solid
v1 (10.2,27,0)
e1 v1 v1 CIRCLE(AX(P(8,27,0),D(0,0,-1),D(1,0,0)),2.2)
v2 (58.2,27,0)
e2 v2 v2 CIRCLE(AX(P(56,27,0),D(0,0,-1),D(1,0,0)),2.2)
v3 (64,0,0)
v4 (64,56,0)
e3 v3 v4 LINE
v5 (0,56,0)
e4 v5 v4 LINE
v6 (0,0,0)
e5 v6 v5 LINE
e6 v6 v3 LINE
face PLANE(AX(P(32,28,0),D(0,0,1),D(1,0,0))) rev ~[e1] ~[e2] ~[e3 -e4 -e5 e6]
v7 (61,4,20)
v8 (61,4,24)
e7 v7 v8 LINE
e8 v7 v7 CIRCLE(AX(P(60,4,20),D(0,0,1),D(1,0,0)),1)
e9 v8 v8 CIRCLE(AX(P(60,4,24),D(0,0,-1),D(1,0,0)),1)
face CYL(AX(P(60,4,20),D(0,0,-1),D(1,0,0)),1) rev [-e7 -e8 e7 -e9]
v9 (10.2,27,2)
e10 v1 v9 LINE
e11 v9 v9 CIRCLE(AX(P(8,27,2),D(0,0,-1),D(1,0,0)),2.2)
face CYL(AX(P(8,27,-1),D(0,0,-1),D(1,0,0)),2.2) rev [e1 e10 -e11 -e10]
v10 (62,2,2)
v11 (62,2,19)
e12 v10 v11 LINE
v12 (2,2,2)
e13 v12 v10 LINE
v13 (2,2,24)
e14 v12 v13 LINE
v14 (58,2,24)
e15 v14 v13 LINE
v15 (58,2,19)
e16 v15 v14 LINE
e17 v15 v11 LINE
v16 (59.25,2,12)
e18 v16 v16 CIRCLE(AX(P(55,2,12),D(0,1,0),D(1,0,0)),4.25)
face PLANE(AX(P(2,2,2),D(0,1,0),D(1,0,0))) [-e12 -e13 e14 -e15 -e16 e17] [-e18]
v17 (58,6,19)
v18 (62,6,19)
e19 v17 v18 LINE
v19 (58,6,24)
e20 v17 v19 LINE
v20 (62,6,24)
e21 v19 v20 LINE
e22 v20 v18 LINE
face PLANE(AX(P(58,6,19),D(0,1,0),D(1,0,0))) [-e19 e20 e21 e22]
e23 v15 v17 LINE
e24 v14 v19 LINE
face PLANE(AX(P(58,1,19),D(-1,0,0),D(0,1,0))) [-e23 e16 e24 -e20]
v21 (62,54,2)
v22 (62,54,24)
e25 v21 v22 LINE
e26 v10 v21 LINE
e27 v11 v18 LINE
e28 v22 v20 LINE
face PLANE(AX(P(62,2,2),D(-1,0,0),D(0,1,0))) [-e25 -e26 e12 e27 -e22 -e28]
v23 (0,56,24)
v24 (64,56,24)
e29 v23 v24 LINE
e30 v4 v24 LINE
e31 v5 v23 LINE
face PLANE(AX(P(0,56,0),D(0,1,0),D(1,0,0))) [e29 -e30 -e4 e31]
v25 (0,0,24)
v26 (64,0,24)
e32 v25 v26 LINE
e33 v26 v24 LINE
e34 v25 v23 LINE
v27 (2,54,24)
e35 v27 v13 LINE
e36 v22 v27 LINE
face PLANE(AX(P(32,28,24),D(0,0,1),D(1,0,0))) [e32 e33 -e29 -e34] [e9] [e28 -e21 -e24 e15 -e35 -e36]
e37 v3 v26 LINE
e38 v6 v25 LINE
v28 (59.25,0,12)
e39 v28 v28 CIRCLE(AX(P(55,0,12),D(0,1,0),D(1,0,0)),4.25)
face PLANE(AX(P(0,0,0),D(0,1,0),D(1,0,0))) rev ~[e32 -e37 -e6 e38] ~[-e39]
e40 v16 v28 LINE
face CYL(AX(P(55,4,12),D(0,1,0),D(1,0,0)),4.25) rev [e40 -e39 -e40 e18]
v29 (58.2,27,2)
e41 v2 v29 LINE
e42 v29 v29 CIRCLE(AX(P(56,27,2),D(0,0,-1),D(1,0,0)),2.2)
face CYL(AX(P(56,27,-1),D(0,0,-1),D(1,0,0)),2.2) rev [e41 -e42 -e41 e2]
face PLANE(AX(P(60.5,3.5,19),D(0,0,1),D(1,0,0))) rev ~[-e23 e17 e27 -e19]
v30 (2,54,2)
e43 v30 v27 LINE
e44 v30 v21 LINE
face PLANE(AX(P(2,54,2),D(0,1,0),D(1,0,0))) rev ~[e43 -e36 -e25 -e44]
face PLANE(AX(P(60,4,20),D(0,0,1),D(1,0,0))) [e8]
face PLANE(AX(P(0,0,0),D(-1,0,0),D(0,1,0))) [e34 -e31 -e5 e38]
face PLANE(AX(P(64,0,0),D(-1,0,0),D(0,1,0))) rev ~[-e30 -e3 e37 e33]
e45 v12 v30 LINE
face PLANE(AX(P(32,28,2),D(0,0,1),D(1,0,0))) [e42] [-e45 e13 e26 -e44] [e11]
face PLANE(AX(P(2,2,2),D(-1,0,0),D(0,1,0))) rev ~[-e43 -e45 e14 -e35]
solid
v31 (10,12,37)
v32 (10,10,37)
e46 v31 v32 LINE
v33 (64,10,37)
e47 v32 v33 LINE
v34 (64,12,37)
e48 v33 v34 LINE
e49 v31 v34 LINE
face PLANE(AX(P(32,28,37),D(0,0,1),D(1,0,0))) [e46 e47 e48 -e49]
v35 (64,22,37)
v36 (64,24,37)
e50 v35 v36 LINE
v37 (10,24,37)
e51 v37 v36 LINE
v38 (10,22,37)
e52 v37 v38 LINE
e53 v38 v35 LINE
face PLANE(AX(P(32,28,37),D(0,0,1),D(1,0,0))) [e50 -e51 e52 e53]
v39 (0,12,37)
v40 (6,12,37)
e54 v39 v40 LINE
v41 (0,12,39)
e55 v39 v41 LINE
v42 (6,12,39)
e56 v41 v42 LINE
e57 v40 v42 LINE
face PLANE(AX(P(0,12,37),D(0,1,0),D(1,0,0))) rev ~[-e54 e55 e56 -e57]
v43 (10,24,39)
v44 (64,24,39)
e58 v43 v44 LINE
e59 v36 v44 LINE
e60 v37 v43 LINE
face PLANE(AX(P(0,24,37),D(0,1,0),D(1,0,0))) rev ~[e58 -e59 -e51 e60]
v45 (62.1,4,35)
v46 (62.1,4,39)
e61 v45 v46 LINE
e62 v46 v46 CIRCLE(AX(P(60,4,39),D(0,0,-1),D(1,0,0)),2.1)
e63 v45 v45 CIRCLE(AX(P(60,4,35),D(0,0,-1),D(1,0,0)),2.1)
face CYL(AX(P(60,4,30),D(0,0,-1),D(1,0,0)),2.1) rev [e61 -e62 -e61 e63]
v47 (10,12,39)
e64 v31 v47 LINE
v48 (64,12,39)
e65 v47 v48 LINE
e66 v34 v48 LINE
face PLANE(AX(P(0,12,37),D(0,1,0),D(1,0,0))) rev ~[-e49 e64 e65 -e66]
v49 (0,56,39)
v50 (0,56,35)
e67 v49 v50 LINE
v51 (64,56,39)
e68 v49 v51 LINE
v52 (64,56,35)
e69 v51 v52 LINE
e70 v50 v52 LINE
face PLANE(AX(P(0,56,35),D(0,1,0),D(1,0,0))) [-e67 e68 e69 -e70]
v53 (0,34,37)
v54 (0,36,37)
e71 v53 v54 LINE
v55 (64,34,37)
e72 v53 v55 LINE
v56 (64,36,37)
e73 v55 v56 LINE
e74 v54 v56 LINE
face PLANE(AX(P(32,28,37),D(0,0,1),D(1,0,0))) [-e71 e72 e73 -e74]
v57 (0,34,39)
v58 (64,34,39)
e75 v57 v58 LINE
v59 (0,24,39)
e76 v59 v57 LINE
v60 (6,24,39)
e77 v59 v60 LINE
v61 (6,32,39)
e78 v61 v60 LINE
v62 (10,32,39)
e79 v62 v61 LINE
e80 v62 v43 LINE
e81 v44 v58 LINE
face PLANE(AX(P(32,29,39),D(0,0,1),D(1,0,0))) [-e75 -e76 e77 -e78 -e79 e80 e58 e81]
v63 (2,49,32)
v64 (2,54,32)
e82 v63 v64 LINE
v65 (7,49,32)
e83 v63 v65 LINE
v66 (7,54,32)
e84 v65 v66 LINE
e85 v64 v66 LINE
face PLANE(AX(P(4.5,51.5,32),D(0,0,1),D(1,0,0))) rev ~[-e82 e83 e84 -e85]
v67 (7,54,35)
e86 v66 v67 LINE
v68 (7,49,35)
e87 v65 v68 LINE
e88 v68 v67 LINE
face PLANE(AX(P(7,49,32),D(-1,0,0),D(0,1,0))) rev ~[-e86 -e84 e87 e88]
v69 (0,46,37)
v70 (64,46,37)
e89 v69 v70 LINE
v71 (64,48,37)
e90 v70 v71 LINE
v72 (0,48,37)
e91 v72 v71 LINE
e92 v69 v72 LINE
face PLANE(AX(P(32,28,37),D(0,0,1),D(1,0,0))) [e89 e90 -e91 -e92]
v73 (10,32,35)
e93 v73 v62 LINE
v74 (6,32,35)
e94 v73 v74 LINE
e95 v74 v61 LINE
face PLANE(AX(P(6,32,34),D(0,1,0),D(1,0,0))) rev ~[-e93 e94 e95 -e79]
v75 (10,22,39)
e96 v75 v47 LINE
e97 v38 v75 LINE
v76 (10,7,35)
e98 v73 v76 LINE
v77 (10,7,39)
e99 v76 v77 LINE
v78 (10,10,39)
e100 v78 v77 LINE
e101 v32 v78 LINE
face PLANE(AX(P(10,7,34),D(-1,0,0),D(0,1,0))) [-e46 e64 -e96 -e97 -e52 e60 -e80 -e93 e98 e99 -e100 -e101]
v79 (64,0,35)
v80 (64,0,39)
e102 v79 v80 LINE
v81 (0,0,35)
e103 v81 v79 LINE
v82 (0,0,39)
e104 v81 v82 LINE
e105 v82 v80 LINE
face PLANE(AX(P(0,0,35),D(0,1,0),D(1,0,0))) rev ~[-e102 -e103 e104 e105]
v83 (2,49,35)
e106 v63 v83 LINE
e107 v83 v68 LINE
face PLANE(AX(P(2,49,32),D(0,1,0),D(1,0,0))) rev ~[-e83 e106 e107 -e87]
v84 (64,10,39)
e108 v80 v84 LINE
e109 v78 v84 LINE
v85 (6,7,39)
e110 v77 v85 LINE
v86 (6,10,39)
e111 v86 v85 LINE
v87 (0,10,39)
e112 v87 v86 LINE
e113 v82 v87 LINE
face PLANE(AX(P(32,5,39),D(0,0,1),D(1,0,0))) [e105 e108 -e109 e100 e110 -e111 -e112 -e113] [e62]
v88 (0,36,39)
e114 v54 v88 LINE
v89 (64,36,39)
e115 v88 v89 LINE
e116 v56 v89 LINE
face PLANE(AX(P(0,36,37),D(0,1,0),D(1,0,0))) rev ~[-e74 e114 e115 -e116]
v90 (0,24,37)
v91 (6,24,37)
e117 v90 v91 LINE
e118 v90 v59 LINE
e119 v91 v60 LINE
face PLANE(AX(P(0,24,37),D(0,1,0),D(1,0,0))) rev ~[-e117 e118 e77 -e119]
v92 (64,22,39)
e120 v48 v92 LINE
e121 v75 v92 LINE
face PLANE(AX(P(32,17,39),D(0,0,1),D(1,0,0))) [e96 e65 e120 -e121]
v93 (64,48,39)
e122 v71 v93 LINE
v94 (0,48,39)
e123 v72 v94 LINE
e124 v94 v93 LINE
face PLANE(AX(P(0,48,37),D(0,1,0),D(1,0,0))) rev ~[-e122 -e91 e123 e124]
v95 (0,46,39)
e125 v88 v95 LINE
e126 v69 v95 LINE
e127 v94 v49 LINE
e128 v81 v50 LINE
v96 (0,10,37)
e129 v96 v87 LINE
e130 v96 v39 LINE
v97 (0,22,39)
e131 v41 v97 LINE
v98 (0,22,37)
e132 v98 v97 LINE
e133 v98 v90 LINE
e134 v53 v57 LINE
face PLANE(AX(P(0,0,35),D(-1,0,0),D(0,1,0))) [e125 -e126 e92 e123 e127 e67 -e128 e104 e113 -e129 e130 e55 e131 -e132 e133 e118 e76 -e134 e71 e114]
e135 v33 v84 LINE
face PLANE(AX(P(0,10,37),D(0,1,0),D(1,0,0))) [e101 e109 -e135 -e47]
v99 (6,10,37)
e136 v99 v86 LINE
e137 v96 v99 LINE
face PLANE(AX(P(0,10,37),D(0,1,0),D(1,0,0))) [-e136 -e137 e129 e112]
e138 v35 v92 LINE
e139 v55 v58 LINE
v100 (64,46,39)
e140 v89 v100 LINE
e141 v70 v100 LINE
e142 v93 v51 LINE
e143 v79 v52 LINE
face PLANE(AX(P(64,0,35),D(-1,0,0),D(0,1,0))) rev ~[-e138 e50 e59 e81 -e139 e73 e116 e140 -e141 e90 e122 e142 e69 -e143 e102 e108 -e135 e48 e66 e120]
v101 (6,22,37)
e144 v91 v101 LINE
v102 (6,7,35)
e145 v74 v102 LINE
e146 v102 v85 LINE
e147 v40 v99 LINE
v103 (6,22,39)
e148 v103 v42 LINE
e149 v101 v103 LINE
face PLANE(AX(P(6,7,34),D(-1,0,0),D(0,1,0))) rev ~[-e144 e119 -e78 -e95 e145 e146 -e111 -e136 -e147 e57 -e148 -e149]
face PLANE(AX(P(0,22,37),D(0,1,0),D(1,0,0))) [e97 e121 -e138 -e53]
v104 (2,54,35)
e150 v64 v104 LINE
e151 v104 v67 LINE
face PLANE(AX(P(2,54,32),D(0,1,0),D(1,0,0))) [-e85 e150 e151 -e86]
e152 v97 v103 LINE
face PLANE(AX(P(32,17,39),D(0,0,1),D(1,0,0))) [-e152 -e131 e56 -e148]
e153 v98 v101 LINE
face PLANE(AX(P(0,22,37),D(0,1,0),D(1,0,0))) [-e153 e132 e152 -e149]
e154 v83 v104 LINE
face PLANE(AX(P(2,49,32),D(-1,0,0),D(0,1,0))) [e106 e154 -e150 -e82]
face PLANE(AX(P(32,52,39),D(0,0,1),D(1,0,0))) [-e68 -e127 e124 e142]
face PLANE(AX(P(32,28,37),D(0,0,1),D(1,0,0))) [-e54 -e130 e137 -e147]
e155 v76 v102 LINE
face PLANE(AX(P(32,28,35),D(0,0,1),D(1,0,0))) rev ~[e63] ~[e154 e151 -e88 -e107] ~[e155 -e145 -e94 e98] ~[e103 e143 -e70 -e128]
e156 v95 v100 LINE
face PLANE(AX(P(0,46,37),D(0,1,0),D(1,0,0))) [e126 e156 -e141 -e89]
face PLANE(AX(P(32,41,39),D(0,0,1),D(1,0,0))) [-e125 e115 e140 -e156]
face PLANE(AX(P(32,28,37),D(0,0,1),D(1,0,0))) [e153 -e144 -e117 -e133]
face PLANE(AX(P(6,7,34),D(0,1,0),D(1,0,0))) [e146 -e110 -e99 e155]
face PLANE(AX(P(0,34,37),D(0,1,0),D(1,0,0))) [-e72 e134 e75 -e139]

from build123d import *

# Parameters (mm, degrees)
CYLINDER001_R     = 2.1
CYLINDER001_DEPTH = 10
BOX005_W          = 4
BOX005_H          = 25
BOX005_DEPTH      = 10
BOX006_W          = 64
BOX006_H          = 10
BOX006_DEPTH      = 2
BOX007_W          = 64
BOX007_H          = 8
BOX007_DEPTH      = 2
BOX008_W          = 64
BOX008_H          = 10
BOX008_DEPTH      = 2
BOX009_W          = 64
BOX009_H          = 10
BOX009_DEPTH      = 2
BOX010_W          = 64
BOX010_H          = 10
BOX010_DEPTH      = 2
BOX002_W          = 64
BOX002_H          = 56
BOX002_DEPTH      = 2
BOX003_W          = 5
BOX003_H          = 5
BOX003_DEPTH      = 5
CYLINDER004_R     = 2.2
CYLINDER004_DEPTH = 10
CYLINDER003_R     = 2.2
CYLINDER003_DEPTH = 10
CYLINDER002_R     = 1
CYLINDER002_DEPTH = 10
BOX004_W          = 5
BOX004_H          = 5
BOX004_DEPTH      = 5
CYLINDER_R        = 4.25
CYLINDER_DEPTH    = 10
BOX001_W          = 60
BOX001_H          = 52
BOX001_DEPTH      = 24
BOX_W             = 64
BOX_H             = 56
BOX_DEPTH         = 24


with BuildPart() as cylinder001:
    # Cylinder001 → Cylinder001 (new body)
    with BuildSketch(Plane(origin=(60, 4, 30), x_dir=(1, 0, 0), z_dir=(0, 0, 1))):
        Circle(CYLINDER001_R)
    extrude(amount=CYLINDER001_DEPTH)


with BuildPart() as cube005:
    # Box005 → Box005 (new body)
    with BuildSketch(Plane(origin=(6, 7, 33), x_dir=(1, 0, 0), z_dir=(0, 0, 1))):
        with Locations((2, 12.5)):
            Rectangle(BOX005_W, BOX005_H)
    extrude(amount=BOX005_DEPTH)


with BuildPart() as cube006:
    # Box006 → Box006 (new body)
    with BuildSketch(Plane.XY.offset(36)):
        with Locations((32, 5)):
            Rectangle(BOX006_W, BOX006_H)
    extrude(amount=BOX006_DEPTH)


with BuildPart() as cube007:
    # Box007 → Box007 (new body)
    with BuildSketch(Plane(origin=(0, 48, 36), x_dir=(1, 0, 0), z_dir=(0, 0, 1))):
        with Locations((32, 4)):
            Rectangle(BOX007_W, BOX007_H)
    extrude(amount=BOX007_DEPTH)


with BuildPart() as cube008:
    # Box008 → Box008 (new body)
    with BuildSketch(Plane(origin=(0, 12, 36), x_dir=(1, 0, 0), z_dir=(0, 0, 1))):
        with Locations((32, 5)):
            Rectangle(BOX008_W, BOX008_H)
    extrude(amount=BOX008_DEPTH)


with BuildPart() as cube009:
    # Box009 → Box009 (new body)
    with BuildSketch(Plane(origin=(0, 24, 36), x_dir=(1, 0, 0), z_dir=(0, 0, 1))):
        with Locations((32, 5)):
            Rectangle(BOX009_W, BOX009_H)
    extrude(amount=BOX009_DEPTH)


with BuildPart() as cube010:
    # Box010 → Box010 (new body)
    with BuildSketch(Plane(origin=(0, 36, 36), x_dir=(1, 0, 0), z_dir=(0, 0, 1))):
        with Locations((32, 5)):
            Rectangle(BOX010_W, BOX010_H)
    extrude(amount=BOX010_DEPTH)


with BuildPart() as cube002:
    # Box002 → Box002 (new body)
    with BuildSketch(Plane.XY.offset(34)):
        with Locations((32, 28)):
            Rectangle(BOX002_W, BOX002_H)
    extrude(amount=BOX002_DEPTH)


with BuildPart() as cut005:
    # Box003 → Box003 (new body)
    with BuildSketch(Plane(origin=(2, 49, 31), x_dir=(1, 0, 0), z_dir=(0, 0, 1))):
        with Locations((2.5, 2.5)):
            Rectangle(BOX003_W, BOX003_H)
    extrude(amount=BOX003_DEPTH)

    # Fusion: union Cube006, Cube007, Cube008, Cube009, Cube010, Cube002
    add(cube006.part)
    add(cube007.part)
    add(cube008.part)
    add(cube009.part)
    add(cube010.part)
    add(cube002.part)

    # Cut003: cut Cube005
    add(cube005.part, mode=Mode.SUBTRACT)


with BuildPart() as cut005_1:
    # Cut003 placement: moved
    add(cut005.part.moved(Location((0, 0, 1))))

    # Cut005: cut Cylinder001
    add(cylinder001.part, mode=Mode.SUBTRACT)


with BuildPart() as cylinder004:
    # Cylinder004 → Cylinder004 (new body)
    with BuildSketch(Plane(origin=(8, 27, -1), x_dir=(1, 0, 0), z_dir=(0, 0, 1))):
        Circle(CYLINDER004_R)
    extrude(amount=CYLINDER004_DEPTH)


with BuildPart() as cylinder003:
    # Cylinder003 → Cylinder003 (new body)
    with BuildSketch(Plane(origin=(56, 27, -1), x_dir=(1, 0, 0), z_dir=(0, 0, 1))):
        Circle(CYLINDER003_R)
    extrude(amount=CYLINDER003_DEPTH)


with BuildPart() as cylinder002:
    # Cylinder002 → Cylinder002 (new body)
    with BuildSketch(Plane(origin=(60, 4, 20), x_dir=(1, 0, 0), z_dir=(0, 0, 1))):
        Circle(CYLINDER002_R)
    extrude(amount=CYLINDER002_DEPTH)


with BuildPart() as cube004:
    # Box004 → Box004 (new body)
    with BuildSketch(Plane(origin=(58, 1, 19), x_dir=(1, 0, 0), z_dir=(0, 0, 1))):
        with Locations((2.5, 2.5)):
            Rectangle(BOX004_W, BOX004_H)
    extrude(amount=BOX004_DEPTH)


with BuildPart() as cylinder:
    # Cylinder → Cylinder (new body)
    with BuildSketch(Plane(origin=(55, 4, 12), x_dir=(1, 0, 0), z_dir=(0, -1, 0))):
        Circle(CYLINDER_R)
    extrude(amount=CYLINDER_DEPTH)


with BuildPart() as cube001:
    # Box001 → Box001 (new body)
    with BuildSketch(Plane(origin=(2, 2, 2), x_dir=(1, 0, 0), z_dir=(0, 0, 1))):
        with Locations((30, 26)):
            Rectangle(BOX001_W, BOX001_H)
    extrude(amount=BOX001_DEPTH)


with BuildPart() as cut007:
    # Box → Box (new body)
    with BuildSketch(Plane.XY):
        with Locations((32, 28)):
            Rectangle(BOX_W, BOX_H)
    extrude(amount=BOX_DEPTH)

    # Cut: cut Cube001
    add(cube001.part, mode=Mode.SUBTRACT)

    # Cut001: cut Cylinder
    add(cylinder.part, mode=Mode.SUBTRACT)

    # Fusion001: union Cube004
    add(cube004.part)

    # Cut004: cut Cylinder002
    add(cylinder002.part, mode=Mode.SUBTRACT)

    # Cut006: cut Cylinder003
    add(cylinder003.part, mode=Mode.SUBTRACT)

    # Cut007: cut Cylinder004
    add(cylinder004.part, mode=Mode.SUBTRACT)


solid = Compound([cut005_1.part, cut007.part])
